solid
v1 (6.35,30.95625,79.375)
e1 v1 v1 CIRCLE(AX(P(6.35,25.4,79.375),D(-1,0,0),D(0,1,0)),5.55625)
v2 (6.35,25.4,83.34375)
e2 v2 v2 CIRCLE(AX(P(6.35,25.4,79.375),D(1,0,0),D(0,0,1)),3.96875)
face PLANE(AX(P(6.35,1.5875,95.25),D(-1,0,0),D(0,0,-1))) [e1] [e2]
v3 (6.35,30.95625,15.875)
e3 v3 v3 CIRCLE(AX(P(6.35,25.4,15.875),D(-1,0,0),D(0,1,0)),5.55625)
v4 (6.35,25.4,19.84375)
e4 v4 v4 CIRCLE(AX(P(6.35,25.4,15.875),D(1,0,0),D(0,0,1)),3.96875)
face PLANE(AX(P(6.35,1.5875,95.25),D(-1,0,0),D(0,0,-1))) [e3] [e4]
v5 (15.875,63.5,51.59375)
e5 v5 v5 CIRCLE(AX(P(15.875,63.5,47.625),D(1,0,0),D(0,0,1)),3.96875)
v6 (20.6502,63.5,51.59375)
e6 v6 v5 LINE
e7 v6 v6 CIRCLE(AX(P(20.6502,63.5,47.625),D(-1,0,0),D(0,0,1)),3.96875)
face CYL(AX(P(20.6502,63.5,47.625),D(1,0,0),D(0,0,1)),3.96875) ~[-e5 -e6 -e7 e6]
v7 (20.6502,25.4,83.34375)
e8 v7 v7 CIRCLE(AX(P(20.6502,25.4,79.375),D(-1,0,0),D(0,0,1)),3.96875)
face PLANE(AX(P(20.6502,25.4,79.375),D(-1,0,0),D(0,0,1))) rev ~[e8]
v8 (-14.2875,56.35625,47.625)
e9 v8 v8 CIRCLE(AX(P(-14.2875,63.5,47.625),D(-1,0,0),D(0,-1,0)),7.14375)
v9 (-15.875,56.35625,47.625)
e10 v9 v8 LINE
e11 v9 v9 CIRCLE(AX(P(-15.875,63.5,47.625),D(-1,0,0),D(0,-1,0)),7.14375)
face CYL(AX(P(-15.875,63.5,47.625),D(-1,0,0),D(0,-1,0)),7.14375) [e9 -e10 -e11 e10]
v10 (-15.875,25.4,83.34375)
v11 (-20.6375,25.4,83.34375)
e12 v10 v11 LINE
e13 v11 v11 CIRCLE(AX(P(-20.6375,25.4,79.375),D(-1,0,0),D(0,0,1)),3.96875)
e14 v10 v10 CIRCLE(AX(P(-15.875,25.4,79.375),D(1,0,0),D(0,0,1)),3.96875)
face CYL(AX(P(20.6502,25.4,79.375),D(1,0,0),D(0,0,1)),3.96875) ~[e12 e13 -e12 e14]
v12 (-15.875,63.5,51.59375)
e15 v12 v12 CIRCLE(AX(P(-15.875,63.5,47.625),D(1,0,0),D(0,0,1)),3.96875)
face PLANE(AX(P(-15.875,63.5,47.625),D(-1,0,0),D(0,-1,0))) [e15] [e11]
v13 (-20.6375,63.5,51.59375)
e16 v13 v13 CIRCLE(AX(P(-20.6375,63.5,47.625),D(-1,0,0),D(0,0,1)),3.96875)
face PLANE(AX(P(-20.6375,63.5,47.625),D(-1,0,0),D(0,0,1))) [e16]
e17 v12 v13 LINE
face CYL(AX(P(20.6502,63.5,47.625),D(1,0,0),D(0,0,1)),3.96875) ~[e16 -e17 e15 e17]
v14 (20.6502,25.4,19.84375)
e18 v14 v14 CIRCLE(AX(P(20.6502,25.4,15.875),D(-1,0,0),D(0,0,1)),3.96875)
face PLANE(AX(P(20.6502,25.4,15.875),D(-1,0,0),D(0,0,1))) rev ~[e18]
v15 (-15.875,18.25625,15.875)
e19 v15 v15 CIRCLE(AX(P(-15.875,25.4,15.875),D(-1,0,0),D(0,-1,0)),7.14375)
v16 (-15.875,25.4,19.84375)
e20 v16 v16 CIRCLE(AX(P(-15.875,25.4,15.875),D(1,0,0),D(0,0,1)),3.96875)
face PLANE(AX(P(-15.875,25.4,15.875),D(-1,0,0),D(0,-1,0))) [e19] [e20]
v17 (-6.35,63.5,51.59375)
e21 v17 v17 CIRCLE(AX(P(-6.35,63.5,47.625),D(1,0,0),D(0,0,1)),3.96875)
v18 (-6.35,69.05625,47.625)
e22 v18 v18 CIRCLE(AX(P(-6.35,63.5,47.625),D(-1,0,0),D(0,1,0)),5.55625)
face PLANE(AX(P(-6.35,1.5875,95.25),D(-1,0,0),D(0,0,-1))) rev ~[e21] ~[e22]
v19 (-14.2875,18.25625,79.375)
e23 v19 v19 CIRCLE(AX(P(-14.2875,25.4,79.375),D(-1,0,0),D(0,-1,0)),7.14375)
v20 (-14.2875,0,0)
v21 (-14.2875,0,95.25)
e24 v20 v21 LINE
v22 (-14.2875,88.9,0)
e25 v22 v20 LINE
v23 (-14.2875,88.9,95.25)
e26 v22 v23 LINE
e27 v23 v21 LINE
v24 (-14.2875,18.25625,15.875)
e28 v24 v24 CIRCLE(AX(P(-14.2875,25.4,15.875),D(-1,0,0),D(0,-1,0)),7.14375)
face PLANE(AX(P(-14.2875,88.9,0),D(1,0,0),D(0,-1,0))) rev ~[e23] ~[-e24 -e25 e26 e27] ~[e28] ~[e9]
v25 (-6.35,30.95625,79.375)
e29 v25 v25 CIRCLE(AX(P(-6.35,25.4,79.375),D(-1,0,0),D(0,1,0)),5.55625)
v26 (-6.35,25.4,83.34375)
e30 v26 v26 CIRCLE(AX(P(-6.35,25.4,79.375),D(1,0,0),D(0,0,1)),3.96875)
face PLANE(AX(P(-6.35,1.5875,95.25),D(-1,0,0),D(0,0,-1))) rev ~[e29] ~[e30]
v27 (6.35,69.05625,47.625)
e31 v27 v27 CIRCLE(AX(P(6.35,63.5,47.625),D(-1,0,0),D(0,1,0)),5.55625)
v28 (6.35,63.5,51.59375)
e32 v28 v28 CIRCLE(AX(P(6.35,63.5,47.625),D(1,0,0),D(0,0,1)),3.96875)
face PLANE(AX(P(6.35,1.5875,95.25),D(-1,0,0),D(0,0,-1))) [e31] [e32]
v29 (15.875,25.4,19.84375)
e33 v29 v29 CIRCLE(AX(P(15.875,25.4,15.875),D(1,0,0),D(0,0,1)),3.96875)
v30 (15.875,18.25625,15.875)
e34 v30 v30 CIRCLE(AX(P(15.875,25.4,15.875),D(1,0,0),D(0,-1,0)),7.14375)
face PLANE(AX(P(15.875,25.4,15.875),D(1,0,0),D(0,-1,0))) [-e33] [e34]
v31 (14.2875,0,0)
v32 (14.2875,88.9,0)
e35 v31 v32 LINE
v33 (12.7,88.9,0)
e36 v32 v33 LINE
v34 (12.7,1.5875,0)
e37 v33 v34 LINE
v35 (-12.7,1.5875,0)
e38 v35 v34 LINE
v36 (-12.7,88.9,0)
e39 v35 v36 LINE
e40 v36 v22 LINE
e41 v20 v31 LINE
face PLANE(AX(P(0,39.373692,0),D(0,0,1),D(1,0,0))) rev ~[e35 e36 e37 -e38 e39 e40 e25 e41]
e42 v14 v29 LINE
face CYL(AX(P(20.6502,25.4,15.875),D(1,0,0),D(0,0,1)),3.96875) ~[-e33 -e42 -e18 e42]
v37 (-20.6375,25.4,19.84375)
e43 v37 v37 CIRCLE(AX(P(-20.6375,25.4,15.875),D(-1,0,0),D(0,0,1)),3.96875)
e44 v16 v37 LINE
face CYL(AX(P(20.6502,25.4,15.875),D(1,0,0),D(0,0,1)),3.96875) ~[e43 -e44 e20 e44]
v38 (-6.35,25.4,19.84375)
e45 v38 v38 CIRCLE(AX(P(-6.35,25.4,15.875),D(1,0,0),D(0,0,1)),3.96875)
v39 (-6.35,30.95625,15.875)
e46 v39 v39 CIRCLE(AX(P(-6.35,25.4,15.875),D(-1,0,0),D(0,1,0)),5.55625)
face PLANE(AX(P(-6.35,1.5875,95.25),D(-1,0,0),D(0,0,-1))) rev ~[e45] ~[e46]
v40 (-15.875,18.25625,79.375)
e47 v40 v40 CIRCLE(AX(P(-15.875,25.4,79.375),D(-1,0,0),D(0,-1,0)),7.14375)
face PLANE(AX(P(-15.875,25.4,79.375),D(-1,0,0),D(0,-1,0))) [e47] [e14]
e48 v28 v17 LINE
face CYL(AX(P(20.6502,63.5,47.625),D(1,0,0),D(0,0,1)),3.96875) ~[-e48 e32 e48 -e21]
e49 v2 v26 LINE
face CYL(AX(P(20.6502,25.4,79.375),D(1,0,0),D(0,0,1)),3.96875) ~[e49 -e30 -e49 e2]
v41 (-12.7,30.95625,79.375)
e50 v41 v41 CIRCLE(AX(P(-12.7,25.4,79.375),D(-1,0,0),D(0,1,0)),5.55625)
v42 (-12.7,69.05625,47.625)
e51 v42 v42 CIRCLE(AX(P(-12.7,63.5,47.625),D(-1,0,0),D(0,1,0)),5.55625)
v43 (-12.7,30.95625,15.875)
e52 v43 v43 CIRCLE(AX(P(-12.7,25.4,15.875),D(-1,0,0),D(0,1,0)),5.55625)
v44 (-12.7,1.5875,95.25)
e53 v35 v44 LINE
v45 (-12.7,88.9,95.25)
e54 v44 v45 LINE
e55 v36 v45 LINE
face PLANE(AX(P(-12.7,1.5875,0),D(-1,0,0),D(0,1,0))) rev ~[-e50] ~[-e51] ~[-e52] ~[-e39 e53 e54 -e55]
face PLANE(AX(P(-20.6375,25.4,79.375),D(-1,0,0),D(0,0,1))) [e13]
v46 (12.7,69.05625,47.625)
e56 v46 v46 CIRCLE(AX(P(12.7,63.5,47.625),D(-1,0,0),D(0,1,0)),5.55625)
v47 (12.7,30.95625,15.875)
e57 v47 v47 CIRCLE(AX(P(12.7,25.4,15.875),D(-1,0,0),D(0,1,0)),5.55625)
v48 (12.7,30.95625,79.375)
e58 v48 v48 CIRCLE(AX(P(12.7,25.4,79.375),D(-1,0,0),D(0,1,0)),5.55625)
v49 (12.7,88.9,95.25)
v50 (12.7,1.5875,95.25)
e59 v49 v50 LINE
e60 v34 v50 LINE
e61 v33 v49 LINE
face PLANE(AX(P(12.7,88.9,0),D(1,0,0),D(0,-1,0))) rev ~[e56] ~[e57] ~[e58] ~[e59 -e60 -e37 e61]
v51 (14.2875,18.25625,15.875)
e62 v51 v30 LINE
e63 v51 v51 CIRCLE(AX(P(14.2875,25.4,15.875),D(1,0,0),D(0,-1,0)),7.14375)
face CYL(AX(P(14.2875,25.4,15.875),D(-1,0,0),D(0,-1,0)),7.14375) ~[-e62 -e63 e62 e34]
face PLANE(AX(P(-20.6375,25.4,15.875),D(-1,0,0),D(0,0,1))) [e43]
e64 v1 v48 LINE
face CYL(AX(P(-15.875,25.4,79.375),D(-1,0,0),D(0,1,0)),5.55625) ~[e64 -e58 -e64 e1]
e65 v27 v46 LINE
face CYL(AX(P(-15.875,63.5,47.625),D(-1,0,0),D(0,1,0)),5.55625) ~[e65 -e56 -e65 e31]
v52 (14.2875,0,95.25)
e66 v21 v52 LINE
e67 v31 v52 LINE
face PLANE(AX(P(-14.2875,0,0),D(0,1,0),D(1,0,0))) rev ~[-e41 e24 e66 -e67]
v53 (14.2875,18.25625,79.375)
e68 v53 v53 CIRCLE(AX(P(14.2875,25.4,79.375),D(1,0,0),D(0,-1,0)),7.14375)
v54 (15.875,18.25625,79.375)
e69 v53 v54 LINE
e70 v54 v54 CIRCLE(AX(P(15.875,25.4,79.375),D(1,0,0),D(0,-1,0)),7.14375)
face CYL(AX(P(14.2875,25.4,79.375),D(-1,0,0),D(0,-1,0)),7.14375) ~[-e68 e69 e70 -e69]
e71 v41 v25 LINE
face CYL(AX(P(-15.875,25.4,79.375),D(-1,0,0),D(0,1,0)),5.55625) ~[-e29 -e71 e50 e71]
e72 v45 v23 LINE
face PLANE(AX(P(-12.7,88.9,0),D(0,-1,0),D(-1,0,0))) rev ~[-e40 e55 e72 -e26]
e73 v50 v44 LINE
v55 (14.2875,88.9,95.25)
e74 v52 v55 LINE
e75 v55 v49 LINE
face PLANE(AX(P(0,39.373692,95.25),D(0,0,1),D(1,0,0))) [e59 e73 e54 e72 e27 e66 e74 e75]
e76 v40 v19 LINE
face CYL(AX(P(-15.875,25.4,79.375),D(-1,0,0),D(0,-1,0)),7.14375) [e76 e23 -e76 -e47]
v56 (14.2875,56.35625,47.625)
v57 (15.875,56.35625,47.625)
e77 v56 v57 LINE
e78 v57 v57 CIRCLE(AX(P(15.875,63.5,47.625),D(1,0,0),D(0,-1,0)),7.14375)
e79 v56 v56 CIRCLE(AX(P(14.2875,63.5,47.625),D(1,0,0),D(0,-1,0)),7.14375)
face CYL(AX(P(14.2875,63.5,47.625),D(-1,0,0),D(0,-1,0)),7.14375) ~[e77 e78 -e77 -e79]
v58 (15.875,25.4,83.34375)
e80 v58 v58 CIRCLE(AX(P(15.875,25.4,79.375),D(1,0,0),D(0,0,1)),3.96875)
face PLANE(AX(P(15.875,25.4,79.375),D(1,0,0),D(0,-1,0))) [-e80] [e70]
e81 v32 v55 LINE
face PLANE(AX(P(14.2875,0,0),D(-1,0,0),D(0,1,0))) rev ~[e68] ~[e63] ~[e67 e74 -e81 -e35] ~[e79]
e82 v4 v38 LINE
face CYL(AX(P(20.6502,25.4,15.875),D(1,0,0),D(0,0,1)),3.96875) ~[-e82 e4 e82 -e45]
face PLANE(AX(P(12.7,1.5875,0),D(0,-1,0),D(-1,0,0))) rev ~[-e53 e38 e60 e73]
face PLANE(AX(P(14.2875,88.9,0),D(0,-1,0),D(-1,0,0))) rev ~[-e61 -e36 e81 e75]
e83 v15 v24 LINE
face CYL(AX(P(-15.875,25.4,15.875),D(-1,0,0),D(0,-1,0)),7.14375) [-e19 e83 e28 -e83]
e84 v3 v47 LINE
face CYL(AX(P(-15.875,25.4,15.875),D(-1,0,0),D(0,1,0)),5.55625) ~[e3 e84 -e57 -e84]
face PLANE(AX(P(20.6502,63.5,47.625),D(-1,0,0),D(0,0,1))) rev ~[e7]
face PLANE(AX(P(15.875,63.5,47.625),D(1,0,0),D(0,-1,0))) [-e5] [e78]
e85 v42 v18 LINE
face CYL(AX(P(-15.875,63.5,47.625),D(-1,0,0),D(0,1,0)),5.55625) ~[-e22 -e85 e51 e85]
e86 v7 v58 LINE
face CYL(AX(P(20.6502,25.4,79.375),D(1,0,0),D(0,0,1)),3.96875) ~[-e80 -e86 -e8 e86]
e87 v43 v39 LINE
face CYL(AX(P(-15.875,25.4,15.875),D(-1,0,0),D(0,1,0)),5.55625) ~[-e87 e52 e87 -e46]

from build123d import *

# Parameters (mm, degrees)
BOSS_EXTRUDE1_DEPTH      = 95.25
BOSS_EXTRUDE2_DEPTH      = 1.5875
BOSS_EXTRUDE2_DEPTH_BACK = 30.1625
SKETCH3_R                = 5.55625
SKETCH4_R                = 7.14375
BOSS_EXTRUDE3_DEPTH      = 1.5875
BOSS_EXTRUDE4_START      = 1.5875
SKETCH5_R                = 7.14375
BOSS_EXTRUDE4_DEPTH      = 1.5875
SKETCH7_W                = 12.7
SKETCH7_H                = 95.25
CUT_EXTRUDE1_DEPTH       = 131.184679518
BOSS_EXTRUDE5_DEPTH      = 6.35
BOSS_EXTRUDE5_DEPTH_BACK = 34.9377
SKETCH6_R                = 3.96875


with BuildPart() as part:
    # Sketch1 → Boss-Extrude1 (new body)
    with BuildSketch(Plane.XY):
        Polygon((-14.2875, 88.9), (-14.2875, 0), (14.2875, 0), (14.2875, 88.9), (12.7, 88.9), (12.7, 1.5875), (-12.7, 1.5875), (-12.7, 88.9), align=None)
    extrude(amount=BOSS_EXTRUDE1_DEPTH)

    # Sketch3 → Boss-Extrude2 (add, two sides: drawn at the far end of the back side and taken through both)
    with BuildSketch(Plane(origin=(14.2875, 0, 0), x_dir=(0, 0, -1), z_dir=(1, 0, 0)).offset(-BOSS_EXTRUDE2_DEPTH_BACK)):
        with Locations(Location((-47.625, 63.5, 0), (0, 0, 90))):
            Circle(SKETCH3_R)
        with Locations(Location((-79.375, 25.4, 0), (0, 0, 90))):
            Circle(SKETCH3_R)
        with Locations(Location((-15.875, 25.4, 0), (0, 0, 90))):
            Circle(SKETCH3_R)
    extrude(amount=BOSS_EXTRUDE2_DEPTH + BOSS_EXTRUDE2_DEPTH_BACK)

    # Sketch4 → Boss-Extrude3 (add)
    with BuildSketch(Plane(origin=(14.2875, 0, 0), x_dir=(0, 0, -1), z_dir=(1, 0, 0))):
        with Locations(Location((-47.625, 63.5, 0), (0, 0, 270))):
            Circle(SKETCH4_R)
        with Locations(Location((-15.875, 25.4, 0), (0, 0, 270))):
            Circle(SKETCH4_R)
        with Locations(Location((-79.375, 25.4, 0), (0, 0, 270))):
            Circle(SKETCH4_R)
    extrude(amount=BOSS_EXTRUDE3_DEPTH)

    # Sketch5 → Boss-Extrude4 (add)
    with BuildSketch(Plane.ZY.offset(14.2875).offset(BOSS_EXTRUDE4_START)):
        with Locations(Location((47.625, 63.5, 0), (0, 0, 270))):
            Circle(SKETCH5_R)
        with Locations(Location((79.375, 25.4, 0), (0, 0, 270))):
            Circle(SKETCH5_R)
        with Locations(Location((15.875, 25.4, 0), (0, 0, 270))):
            Circle(SKETCH5_R)
    extrude(amount=-BOSS_EXTRUDE4_DEPTH)

    # Sketch7 → Cut-Extrude1 (cut, through all)
    with BuildSketch(Plane(origin=(0, 1.5875, 0), x_dir=(1, 0, 0), z_dir=(0, 1, 0))):
        with Locations((0, -47.625)):
            Rectangle(SKETCH7_W, SKETCH7_H)
    extrude(amount=CUT_EXTRUDE1_DEPTH, mode=Mode.SUBTRACT)

    # Sketch6 → Boss-Extrude5 (add, two sides: drawn at the far end of the back side and taken through both)
    with BuildSketch(Plane.ZY.offset(14.2875).offset(-BOSS_EXTRUDE5_DEPTH_BACK)):
        with Locations((47.625, 63.5)):
            Circle(SKETCH6_R)
        with Locations((79.375, 25.4)):
            Circle(SKETCH6_R)
        with Locations((15.875, 25.4)):
            Circle(SKETCH6_R)
    extrude(amount=BOSS_EXTRUDE5_DEPTH + BOSS_EXTRUDE5_DEPTH_BACK)


solid = part.part
